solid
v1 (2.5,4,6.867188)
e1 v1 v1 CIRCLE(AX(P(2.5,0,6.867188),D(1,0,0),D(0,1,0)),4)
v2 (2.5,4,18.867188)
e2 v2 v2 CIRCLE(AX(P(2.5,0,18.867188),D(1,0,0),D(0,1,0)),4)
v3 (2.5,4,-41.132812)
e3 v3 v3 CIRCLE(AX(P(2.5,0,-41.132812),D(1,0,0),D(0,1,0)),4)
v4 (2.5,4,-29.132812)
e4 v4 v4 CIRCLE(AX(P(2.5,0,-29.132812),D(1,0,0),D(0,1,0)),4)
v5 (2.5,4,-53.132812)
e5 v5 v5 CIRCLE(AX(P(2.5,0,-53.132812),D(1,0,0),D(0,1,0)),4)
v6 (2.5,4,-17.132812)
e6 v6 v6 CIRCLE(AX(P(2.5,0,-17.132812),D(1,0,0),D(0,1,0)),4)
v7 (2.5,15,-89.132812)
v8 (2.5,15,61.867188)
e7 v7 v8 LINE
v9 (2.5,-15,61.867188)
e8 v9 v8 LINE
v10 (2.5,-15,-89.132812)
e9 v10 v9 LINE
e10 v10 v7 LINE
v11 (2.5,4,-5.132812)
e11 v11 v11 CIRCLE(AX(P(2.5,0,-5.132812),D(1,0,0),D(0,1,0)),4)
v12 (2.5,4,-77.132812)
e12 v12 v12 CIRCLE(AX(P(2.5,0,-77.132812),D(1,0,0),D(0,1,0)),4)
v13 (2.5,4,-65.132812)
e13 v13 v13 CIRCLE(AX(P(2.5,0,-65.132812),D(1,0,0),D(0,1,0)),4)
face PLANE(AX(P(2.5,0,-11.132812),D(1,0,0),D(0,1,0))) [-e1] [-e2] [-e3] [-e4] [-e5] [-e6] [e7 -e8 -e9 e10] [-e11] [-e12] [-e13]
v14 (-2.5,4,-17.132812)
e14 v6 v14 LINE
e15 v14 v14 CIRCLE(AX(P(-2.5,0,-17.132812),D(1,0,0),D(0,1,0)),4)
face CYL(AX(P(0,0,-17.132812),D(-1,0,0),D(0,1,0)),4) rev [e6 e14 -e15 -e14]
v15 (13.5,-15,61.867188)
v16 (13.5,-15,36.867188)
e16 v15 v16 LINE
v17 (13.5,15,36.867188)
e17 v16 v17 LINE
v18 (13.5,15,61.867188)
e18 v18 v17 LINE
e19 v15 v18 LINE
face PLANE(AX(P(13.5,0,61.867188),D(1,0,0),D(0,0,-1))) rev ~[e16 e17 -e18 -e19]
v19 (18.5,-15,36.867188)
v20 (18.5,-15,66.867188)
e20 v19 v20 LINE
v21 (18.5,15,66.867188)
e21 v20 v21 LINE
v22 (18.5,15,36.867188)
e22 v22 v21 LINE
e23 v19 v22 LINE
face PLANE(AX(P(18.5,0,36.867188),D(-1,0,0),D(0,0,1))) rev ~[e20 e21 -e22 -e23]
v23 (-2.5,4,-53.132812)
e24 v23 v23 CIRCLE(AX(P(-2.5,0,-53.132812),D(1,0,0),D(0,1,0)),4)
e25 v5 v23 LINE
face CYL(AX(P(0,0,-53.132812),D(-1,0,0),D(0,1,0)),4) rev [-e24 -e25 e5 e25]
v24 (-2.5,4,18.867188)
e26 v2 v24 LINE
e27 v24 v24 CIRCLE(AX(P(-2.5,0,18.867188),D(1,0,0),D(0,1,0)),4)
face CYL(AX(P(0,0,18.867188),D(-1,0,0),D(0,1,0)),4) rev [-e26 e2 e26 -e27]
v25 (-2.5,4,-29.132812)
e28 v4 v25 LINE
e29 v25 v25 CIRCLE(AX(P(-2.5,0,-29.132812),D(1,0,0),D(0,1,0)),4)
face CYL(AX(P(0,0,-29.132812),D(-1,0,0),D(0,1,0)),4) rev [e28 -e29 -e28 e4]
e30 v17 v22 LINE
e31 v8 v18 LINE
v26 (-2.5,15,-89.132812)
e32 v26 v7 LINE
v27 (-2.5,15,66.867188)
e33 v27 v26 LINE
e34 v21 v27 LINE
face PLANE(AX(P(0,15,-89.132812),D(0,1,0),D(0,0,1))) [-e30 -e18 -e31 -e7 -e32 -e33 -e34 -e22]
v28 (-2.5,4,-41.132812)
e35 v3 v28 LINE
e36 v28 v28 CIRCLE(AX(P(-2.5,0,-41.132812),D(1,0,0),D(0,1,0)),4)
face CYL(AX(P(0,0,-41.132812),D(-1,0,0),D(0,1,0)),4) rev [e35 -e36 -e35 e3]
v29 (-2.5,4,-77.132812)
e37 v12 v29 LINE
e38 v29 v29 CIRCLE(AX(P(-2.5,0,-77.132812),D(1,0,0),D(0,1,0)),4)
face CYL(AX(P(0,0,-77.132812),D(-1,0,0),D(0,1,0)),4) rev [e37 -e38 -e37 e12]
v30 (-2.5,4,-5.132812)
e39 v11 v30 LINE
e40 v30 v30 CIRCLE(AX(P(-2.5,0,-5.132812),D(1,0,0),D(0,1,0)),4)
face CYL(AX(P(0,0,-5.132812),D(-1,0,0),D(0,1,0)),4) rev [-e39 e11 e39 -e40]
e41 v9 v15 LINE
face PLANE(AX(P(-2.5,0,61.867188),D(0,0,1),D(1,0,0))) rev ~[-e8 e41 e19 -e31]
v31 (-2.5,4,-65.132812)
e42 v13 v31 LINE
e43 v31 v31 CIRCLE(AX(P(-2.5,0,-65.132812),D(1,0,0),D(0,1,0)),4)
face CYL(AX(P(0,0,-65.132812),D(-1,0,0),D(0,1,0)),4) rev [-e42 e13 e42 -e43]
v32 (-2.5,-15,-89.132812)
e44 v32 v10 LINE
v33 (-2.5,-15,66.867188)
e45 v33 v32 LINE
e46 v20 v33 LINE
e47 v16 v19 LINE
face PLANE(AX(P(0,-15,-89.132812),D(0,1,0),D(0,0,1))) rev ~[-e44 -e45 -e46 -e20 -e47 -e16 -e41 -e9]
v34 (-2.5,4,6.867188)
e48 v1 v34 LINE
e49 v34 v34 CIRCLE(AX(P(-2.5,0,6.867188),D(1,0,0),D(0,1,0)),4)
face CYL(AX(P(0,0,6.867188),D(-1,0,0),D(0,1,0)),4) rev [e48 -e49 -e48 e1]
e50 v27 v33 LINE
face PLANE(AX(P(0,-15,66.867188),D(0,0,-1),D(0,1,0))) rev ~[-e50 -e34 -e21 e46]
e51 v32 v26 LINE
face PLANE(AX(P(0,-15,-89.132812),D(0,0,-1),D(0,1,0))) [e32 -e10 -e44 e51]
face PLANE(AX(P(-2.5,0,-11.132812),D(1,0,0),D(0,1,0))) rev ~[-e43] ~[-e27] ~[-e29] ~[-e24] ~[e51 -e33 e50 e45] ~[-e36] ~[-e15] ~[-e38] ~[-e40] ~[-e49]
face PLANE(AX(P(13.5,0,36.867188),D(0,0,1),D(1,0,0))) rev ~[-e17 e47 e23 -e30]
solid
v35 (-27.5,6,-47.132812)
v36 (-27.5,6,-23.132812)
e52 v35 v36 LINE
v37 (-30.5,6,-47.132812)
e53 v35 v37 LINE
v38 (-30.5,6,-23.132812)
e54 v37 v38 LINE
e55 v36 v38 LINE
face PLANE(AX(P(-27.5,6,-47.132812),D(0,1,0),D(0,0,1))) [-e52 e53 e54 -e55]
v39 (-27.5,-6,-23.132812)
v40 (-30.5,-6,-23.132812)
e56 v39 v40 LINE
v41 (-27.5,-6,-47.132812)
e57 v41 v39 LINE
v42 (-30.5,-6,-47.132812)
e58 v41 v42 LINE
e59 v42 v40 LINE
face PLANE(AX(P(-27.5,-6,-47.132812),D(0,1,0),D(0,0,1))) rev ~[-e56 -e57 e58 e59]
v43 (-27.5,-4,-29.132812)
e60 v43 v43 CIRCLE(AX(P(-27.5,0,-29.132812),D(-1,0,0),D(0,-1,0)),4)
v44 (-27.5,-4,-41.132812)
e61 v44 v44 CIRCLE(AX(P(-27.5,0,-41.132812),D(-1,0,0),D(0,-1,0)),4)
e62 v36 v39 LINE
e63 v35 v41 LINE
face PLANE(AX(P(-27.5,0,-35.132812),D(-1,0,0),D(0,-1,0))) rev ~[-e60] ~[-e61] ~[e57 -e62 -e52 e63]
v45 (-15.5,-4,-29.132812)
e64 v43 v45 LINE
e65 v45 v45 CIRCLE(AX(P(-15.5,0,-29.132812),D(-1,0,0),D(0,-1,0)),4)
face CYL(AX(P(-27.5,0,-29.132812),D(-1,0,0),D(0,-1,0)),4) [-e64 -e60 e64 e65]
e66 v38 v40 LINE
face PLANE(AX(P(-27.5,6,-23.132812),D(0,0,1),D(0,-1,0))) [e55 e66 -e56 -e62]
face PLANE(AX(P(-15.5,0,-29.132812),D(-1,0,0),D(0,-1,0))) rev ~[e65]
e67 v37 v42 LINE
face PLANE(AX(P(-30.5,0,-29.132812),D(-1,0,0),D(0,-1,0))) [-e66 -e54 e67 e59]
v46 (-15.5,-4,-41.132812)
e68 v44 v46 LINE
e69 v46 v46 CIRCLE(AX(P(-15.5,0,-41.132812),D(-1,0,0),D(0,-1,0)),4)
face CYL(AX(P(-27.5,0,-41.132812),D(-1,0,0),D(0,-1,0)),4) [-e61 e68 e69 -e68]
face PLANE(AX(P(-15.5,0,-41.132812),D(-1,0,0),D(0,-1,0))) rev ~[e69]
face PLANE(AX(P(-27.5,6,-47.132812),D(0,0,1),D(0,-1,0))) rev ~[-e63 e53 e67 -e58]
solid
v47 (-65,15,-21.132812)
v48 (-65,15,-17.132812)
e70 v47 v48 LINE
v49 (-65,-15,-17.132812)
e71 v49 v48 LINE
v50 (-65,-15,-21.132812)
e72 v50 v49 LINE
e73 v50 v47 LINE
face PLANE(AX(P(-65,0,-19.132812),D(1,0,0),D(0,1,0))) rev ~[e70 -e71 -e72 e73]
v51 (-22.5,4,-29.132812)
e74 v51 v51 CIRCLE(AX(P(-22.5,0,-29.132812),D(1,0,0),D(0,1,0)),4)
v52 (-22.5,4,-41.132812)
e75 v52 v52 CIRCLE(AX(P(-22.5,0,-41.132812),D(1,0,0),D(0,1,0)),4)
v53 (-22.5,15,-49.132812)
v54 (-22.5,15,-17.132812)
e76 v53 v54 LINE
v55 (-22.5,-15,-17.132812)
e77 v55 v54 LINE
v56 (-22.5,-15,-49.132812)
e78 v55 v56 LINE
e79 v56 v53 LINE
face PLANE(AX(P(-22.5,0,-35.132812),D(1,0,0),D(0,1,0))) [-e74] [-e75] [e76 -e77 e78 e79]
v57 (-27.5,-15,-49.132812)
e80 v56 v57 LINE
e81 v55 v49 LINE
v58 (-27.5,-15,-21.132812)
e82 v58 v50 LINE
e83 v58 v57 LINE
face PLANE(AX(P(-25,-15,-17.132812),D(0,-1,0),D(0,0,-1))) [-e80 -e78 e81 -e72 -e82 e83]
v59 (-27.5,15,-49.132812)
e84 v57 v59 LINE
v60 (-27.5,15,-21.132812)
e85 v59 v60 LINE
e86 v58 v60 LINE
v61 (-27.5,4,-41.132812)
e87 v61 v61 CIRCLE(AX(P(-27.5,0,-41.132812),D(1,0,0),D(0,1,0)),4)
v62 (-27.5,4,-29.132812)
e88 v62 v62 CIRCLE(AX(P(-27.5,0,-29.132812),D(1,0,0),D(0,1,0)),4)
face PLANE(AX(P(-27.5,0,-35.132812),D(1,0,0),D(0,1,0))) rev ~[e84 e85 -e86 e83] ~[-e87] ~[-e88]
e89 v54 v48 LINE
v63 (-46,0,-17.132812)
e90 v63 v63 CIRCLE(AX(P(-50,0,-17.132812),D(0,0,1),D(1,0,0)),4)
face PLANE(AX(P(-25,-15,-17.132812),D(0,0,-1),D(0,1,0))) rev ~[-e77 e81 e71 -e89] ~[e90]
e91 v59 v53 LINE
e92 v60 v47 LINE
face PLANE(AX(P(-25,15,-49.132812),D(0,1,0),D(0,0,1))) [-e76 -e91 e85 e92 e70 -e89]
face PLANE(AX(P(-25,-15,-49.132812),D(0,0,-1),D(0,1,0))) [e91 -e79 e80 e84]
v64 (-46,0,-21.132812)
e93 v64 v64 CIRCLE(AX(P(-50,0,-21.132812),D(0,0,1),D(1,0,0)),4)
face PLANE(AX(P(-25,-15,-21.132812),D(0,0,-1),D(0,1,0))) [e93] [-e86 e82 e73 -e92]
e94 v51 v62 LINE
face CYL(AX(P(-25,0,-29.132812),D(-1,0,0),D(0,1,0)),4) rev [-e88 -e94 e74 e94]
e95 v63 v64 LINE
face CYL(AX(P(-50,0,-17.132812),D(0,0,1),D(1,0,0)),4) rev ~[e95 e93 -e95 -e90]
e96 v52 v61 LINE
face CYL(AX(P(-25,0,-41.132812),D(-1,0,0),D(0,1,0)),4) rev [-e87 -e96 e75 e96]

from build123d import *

# Parameters (mm, degrees)
F1_W           = 30
F1_H           = 156
F1_R           = 4
F2_DEPTH       = 2.5
F2_DEPTH_BACK  = 2.5
F4_DEPTH       = 15
F4_DEPTH_BACK  = 15
F6_W           = 30
F6_H           = 28
F6_R           = 4
F6_H_2         = 4
F7_DEPTH       = 2.5
F7_DEPTH_BACK  = 2.5
F8_DEPTH       = 40
F9_R           = 4
F10_DEPTH      = 5
F10_DEPTH_BACK = 5
F11_W          = 12
F11_H          = 24
F12_DEPTH      = 3
F11_R          = 4
F13_DEPTH      = 12
F13_DEPTH_BACK = 3


with BuildPart() as f2:
    # F1 (on Right) → F2 (new body, two sides)
    with BuildSketch(Plane.YZ) as f2_sk:
        with Locations((0, -11.1328125)):
            Rectangle(F1_W, F1_H)
        with Locations((0, -77.1328125)):
            Circle(F1_R, mode=Mode.SUBTRACT)
        with Locations((0, -65.1328125)):
            Circle(F1_R, mode=Mode.SUBTRACT)
        with Locations((0, -53.1328125)):
            Circle(F1_R, mode=Mode.SUBTRACT)
        with Locations((0, -41.1328125)):
            Circle(F1_R, mode=Mode.SUBTRACT)
        with Locations((0, -29.1328125)):
            Circle(F1_R, mode=Mode.SUBTRACT)
        with Locations((0, -17.1328125)):
            Circle(F1_R, mode=Mode.SUBTRACT)
        with Locations((0, -5.1328125)):
            Circle(F1_R, mode=Mode.SUBTRACT)
        with Locations((0, 6.8671875)):
            Circle(F1_R, mode=Mode.SUBTRACT)
        with Locations((0, 18.8671875)):
            Circle(F1_R, mode=Mode.SUBTRACT)
    extrude(amount=F2_DEPTH)
    extrude(f2_sk.sketch, amount=-F2_DEPTH_BACK)

    # F3 (on Front) → F4 (join, two sides)
    with BuildSketch(Plane.XZ) as f4_sk:
        Polygon((2.5, 66.8671875), (-2.5, 66.8671875), (-2.5, 61.8671875), (13.5, 61.8671875), (13.5, 36.8671875), (18.5, 36.8671875), (18.5, 61.8671875), (18.5, 66.8671875), (13.5, 66.8671875), align=None)
    extrude(amount=F4_DEPTH)
    extrude(f4_sk.sketch, amount=-F4_DEPTH_BACK)


with BuildPart() as f7:
    # F6 (on offset) → F7 (new body, two sides)
    with BuildSketch(Plane.YZ.offset(-25)) as f7_sk:
        with Locations((0, -35.1328125)):
            Rectangle(F6_W, F6_H)
        with Locations((0, -41.1328125)):
            Circle(F6_R, mode=Mode.SUBTRACT)
        with Locations((0, -29.1328125)):
            Circle(F6_R, mode=Mode.SUBTRACT)
        with Locations((0, -19.1328125)):
            Rectangle(F6_W, F6_H_2)
    extrude(amount=F7_DEPTH)
    extrude(f7_sk.sketch, amount=-F7_DEPTH_BACK)

    # F6 (on offset) → F8 (join)
    with BuildSketch(Plane.YZ.offset(-25)):
        with Locations((0, -19.1328125)):
            Rectangle(F6_W, F6_H_2)
    extrude(amount=-F8_DEPTH)

    # F9 (on face) → F10 (cut, two sides)
    with BuildSketch(Plane.XY.offset(-17.1328125)) as f10_sk:
        with Locations((-50, 0)):
            Circle(F9_R)
    extrude(amount=F10_DEPTH, mode=Mode.SUBTRACT)
    extrude(f10_sk.sketch, amount=-F10_DEPTH_BACK, mode=Mode.SUBTRACT)


with BuildPart() as f12:
    # F11 (on face) → F12 (new body)
    with BuildSketch(Plane(origin=(-27.5, 0, 0), x_dir=(0, -1, 0), z_dir=(-1, 0, 0))):
        with Locations((0, -35.1328125)):
            Rectangle(F11_W, F11_H)
    extrude(amount=F12_DEPTH)

    # F11 (on face) → F13 (join, two sides)
    with BuildSketch(Plane(origin=(-27.5, 0, 0), x_dir=(0, -1, 0), z_dir=(-1, 0, 0))) as f13_sk:
        with Locations((0, -29.1328125)):
            Circle(F11_R)
        with Locations((0, -41.1328125)):
            Circle(F11_R)
    extrude(amount=-F13_DEPTH)
    extrude(f13_sk.sketch, amount=F13_DEPTH_BACK)


solid = Compound([f2.part, f7.part, f12.part])
